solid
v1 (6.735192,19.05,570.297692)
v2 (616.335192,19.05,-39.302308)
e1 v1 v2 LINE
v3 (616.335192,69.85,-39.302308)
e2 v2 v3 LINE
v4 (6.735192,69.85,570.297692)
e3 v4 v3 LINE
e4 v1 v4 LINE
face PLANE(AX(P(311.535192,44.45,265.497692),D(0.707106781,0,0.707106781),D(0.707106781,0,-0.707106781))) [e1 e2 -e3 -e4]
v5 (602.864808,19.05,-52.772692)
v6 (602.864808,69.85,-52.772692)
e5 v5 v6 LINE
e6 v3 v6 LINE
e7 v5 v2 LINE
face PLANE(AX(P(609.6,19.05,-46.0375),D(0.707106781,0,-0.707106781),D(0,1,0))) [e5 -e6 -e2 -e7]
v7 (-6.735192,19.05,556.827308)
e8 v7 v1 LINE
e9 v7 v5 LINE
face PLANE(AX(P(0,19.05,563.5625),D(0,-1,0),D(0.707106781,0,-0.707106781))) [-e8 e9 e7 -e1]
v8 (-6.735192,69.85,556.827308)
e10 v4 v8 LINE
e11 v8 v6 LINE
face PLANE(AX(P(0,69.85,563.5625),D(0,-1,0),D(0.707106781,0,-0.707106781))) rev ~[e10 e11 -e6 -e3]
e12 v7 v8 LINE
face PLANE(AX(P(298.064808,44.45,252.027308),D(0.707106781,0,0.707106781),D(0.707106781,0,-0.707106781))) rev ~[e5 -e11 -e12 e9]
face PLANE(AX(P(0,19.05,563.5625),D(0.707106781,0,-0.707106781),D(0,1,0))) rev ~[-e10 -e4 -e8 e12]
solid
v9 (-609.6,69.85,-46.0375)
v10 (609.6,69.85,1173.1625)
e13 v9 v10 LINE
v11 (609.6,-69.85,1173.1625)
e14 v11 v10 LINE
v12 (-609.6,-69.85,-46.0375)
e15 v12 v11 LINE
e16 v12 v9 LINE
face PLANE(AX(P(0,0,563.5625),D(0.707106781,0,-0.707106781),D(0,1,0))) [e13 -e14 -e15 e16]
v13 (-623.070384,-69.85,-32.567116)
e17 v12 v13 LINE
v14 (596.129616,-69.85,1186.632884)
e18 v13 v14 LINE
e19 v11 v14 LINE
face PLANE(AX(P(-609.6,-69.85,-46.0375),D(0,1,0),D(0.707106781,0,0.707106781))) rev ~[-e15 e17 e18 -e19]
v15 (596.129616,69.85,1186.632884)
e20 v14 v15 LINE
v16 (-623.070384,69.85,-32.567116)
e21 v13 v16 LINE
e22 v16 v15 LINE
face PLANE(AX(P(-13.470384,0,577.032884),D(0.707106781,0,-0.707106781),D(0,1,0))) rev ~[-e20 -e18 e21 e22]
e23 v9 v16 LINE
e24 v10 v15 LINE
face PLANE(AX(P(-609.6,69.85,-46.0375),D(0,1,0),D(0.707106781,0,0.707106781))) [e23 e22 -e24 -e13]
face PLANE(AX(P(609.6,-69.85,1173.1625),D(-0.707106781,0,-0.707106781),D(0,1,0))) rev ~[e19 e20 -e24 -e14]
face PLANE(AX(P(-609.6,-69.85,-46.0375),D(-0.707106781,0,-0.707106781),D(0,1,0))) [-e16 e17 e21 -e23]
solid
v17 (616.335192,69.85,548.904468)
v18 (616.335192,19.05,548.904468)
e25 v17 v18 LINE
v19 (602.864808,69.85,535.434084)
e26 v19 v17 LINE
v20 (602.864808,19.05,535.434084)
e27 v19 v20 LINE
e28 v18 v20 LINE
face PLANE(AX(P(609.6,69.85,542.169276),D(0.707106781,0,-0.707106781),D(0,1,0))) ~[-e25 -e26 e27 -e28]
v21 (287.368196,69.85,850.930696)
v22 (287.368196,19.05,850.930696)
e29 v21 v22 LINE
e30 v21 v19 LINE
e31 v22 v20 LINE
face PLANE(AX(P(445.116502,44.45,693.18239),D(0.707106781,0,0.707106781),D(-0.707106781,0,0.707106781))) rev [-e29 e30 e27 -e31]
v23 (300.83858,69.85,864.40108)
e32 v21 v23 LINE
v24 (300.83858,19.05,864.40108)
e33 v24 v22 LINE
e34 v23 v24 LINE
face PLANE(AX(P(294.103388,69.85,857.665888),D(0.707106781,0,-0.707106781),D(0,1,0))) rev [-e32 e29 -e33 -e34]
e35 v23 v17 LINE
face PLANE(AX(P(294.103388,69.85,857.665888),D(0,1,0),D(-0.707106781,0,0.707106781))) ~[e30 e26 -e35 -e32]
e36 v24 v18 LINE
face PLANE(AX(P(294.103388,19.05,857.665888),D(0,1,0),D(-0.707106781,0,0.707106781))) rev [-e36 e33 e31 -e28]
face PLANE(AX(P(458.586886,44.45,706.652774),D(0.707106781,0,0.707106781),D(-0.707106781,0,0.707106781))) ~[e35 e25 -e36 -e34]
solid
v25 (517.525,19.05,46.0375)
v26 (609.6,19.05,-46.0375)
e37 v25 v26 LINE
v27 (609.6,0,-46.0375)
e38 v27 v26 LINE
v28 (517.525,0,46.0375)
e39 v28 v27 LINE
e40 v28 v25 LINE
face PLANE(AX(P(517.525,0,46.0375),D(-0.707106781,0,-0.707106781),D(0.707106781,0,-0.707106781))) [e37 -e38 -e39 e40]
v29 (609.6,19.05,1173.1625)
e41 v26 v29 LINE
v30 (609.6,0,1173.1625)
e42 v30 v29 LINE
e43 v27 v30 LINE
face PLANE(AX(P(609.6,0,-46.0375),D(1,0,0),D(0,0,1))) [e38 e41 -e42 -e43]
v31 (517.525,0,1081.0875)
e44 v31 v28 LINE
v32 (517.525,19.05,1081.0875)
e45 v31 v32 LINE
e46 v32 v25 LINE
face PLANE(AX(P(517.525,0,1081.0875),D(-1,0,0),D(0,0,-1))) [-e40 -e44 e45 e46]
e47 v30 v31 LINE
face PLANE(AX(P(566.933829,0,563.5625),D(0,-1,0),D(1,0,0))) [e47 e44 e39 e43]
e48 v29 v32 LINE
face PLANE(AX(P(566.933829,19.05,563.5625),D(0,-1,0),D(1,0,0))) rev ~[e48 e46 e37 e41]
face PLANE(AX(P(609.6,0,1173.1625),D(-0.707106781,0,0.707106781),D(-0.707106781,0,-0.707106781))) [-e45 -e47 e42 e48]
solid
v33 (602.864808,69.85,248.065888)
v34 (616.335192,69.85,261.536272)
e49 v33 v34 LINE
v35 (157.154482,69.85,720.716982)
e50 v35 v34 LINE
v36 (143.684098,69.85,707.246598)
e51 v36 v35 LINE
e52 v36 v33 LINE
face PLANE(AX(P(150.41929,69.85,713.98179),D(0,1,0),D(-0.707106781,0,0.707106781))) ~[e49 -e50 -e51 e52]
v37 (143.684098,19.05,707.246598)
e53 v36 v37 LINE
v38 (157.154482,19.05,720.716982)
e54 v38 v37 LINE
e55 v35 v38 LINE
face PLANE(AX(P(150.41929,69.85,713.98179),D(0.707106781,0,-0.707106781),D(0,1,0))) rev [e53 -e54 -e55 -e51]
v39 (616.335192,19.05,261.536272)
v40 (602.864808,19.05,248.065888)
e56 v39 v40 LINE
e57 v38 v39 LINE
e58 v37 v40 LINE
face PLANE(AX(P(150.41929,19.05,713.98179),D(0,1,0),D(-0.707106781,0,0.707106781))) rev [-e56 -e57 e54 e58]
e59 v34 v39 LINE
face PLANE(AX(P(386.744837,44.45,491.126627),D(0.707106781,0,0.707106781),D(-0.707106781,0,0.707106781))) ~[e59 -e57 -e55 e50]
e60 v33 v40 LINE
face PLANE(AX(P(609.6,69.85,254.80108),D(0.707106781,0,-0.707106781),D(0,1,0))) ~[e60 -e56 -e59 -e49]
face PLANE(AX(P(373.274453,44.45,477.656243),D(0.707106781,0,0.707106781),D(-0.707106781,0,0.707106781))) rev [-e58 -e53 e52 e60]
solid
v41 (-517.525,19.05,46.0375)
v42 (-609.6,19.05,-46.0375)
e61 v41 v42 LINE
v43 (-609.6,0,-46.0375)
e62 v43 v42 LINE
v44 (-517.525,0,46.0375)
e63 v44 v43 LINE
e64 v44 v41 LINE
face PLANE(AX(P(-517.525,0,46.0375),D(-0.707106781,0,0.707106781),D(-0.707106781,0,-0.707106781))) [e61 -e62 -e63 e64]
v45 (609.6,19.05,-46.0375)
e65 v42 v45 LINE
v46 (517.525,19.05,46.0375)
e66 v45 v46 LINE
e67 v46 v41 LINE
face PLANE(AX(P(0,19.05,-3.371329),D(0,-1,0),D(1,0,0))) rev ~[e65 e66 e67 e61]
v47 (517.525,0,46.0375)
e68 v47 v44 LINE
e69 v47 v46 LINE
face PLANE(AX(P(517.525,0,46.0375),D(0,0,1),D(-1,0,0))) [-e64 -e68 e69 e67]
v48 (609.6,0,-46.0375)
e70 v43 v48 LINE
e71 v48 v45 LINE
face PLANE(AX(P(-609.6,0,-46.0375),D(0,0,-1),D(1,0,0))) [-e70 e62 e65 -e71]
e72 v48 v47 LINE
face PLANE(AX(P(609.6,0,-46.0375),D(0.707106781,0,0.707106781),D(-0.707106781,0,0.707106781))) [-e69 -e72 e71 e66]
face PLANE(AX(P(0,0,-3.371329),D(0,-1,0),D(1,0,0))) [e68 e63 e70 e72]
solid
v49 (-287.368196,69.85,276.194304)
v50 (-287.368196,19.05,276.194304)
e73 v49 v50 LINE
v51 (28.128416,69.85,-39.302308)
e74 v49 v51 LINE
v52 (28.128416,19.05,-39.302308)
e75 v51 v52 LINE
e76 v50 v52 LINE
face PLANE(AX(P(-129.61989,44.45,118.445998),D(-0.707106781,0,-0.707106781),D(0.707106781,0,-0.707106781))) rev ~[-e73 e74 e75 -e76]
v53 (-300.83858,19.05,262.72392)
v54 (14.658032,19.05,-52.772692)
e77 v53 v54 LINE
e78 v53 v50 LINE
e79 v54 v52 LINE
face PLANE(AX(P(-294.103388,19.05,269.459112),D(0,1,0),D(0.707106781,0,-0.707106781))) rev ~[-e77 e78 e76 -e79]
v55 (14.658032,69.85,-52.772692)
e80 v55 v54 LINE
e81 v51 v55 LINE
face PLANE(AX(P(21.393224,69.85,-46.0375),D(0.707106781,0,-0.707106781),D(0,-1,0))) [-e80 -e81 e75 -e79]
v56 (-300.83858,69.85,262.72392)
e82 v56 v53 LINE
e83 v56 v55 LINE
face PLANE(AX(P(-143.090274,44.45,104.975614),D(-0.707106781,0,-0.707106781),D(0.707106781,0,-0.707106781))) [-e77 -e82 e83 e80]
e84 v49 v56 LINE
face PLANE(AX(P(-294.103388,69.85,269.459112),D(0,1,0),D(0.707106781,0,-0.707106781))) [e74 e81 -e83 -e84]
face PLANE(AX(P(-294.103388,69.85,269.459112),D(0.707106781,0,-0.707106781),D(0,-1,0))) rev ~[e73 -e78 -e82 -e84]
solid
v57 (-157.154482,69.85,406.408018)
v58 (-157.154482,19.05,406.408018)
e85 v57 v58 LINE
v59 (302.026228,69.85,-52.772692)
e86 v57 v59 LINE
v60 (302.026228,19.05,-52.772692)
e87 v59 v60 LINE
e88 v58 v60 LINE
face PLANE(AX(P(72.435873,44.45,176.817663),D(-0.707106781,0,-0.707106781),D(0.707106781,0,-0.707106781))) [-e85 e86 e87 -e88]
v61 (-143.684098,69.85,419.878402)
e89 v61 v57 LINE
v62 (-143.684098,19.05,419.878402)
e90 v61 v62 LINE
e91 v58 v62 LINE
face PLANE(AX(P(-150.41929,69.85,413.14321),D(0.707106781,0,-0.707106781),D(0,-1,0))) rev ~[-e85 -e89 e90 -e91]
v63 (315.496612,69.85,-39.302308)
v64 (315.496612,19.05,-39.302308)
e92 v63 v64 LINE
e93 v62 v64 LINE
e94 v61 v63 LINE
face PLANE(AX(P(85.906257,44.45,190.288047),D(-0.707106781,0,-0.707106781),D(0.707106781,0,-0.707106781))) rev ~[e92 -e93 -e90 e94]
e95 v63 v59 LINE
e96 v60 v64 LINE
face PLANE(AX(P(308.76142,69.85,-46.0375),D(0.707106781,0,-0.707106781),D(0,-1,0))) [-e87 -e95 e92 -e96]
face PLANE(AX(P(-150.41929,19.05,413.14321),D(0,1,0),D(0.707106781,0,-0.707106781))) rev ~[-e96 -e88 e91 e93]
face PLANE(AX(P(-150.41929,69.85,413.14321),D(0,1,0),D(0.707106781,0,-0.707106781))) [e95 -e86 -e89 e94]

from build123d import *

# Parameters (mm, degrees)
F1_DEPTH  = 19.05
F3_DEPTH  = 19.05
F5_W      = 139.7
F5_H      = 1724.2091752453
F6_DEPTH  = 19.05
F8_W      = 862.1045876226
F8_H      = 50.8
F9_DEPTH  = 9.525
F11_W     = 649.3795876226
F11_H     = 50.8
F12_DEPTH = 9.525
F14_W     = 446.1795876226
F14_H     = 50.8
F15_DEPTH = 9.525


with BuildPart() as f1:
    # F0 (on Front) → F1 (new body)
    with BuildSketch(Plane.XZ):
        Polygon((-609.6, -46.0375), (609.6, -46.0375), (517.525, 46.0375), (-517.525, 46.0375), align=None)
    extrude(amount=-F1_DEPTH)


with BuildPart() as f3:
    # F2 (on Front) → F3 (new body)
    with BuildSketch(Plane.XZ):
        Polygon((517.525, 46.0375), (609.6, -46.0375), (609.6, 1173.1625), (517.525, 1081.0875), align=None)
    extrude(amount=-F3_DEPTH)


with BuildPart() as f6:
    # F5 (on 3pt) → F6 (new body)
    with BuildSketch(Plane(origin=(-281.78125, 0, 281.78125), x_dir=(0, 1, 0), z_dir=(0.7071067812, 0, -0.7071067812))):
        with Locations((0, 398.4988653724)):
            Rectangle(F5_W, F5_H)
    extrude(amount=-F6_DEPTH)


with BuildPart() as f9:
    # F8 (on offset) → F9 (new body, symmetric)
    with BuildSketch(Plane(origin=(281.78125, 0, 281.78125), x_dir=(0.7071067812, 0, -0.7071067812), z_dir=(0.7071067812, 0, 0.7071067812))):
        with Locations((32.5534284389, 44.45)):
            Rectangle(F8_W, F8_H)
    extrude(amount=F9_DEPTH, both=True)


with BuildPart() as f12:
    # F11 (on offset) → F12 (new body, symmetric)
    with BuildSketch(Plane(origin=(131.3619599721, 0, 131.3619599721), x_dir=(0.7071067812, 0, -0.7071067812), z_dir=(-0.7071067812, 0, -0.7071067812))):
        with Locations((-73.8090715611, -44.45)):
            Rectangle(F11_W, F11_H)
    extrude(amount=F12_DEPTH, both=True)


with BuildPart() as f15:
    # F14 (on offset) → F15 (new body, symmetric)
    with BuildSketch(Plane(origin=(-12.322137965, 0, -12.322137965), x_dir=(0.7071067812, 0, -0.7071067812), z_dir=(-0.7071067812, 0, -0.7071067812))):
        with Locations((-175.4090715611, -44.45)):
            Rectangle(F14_W, F14_H)
    extrude(amount=F15_DEPTH, both=True)


with BuildPart() as f16_1:
    # F16: instance of F15
    add(f15.part.mirror(Plane(origin=(563.5625, 9.525, 0), x_dir=(0, 1, 0), z_dir=(0.7071067812, 0, 0.7071067812))))


with BuildPart() as f16_2:
    # F16: instance of F12
    add(f12.part.mirror(Plane(origin=(563.5625, 9.525, 0), x_dir=(0, 1, 0), z_dir=(0.7071067812, 0, 0.7071067812))))


solid = Compound([f1.part, f3.part, f6.part, f9.part, f12.part, f15.part, f16_1.part, f16_2.part])
